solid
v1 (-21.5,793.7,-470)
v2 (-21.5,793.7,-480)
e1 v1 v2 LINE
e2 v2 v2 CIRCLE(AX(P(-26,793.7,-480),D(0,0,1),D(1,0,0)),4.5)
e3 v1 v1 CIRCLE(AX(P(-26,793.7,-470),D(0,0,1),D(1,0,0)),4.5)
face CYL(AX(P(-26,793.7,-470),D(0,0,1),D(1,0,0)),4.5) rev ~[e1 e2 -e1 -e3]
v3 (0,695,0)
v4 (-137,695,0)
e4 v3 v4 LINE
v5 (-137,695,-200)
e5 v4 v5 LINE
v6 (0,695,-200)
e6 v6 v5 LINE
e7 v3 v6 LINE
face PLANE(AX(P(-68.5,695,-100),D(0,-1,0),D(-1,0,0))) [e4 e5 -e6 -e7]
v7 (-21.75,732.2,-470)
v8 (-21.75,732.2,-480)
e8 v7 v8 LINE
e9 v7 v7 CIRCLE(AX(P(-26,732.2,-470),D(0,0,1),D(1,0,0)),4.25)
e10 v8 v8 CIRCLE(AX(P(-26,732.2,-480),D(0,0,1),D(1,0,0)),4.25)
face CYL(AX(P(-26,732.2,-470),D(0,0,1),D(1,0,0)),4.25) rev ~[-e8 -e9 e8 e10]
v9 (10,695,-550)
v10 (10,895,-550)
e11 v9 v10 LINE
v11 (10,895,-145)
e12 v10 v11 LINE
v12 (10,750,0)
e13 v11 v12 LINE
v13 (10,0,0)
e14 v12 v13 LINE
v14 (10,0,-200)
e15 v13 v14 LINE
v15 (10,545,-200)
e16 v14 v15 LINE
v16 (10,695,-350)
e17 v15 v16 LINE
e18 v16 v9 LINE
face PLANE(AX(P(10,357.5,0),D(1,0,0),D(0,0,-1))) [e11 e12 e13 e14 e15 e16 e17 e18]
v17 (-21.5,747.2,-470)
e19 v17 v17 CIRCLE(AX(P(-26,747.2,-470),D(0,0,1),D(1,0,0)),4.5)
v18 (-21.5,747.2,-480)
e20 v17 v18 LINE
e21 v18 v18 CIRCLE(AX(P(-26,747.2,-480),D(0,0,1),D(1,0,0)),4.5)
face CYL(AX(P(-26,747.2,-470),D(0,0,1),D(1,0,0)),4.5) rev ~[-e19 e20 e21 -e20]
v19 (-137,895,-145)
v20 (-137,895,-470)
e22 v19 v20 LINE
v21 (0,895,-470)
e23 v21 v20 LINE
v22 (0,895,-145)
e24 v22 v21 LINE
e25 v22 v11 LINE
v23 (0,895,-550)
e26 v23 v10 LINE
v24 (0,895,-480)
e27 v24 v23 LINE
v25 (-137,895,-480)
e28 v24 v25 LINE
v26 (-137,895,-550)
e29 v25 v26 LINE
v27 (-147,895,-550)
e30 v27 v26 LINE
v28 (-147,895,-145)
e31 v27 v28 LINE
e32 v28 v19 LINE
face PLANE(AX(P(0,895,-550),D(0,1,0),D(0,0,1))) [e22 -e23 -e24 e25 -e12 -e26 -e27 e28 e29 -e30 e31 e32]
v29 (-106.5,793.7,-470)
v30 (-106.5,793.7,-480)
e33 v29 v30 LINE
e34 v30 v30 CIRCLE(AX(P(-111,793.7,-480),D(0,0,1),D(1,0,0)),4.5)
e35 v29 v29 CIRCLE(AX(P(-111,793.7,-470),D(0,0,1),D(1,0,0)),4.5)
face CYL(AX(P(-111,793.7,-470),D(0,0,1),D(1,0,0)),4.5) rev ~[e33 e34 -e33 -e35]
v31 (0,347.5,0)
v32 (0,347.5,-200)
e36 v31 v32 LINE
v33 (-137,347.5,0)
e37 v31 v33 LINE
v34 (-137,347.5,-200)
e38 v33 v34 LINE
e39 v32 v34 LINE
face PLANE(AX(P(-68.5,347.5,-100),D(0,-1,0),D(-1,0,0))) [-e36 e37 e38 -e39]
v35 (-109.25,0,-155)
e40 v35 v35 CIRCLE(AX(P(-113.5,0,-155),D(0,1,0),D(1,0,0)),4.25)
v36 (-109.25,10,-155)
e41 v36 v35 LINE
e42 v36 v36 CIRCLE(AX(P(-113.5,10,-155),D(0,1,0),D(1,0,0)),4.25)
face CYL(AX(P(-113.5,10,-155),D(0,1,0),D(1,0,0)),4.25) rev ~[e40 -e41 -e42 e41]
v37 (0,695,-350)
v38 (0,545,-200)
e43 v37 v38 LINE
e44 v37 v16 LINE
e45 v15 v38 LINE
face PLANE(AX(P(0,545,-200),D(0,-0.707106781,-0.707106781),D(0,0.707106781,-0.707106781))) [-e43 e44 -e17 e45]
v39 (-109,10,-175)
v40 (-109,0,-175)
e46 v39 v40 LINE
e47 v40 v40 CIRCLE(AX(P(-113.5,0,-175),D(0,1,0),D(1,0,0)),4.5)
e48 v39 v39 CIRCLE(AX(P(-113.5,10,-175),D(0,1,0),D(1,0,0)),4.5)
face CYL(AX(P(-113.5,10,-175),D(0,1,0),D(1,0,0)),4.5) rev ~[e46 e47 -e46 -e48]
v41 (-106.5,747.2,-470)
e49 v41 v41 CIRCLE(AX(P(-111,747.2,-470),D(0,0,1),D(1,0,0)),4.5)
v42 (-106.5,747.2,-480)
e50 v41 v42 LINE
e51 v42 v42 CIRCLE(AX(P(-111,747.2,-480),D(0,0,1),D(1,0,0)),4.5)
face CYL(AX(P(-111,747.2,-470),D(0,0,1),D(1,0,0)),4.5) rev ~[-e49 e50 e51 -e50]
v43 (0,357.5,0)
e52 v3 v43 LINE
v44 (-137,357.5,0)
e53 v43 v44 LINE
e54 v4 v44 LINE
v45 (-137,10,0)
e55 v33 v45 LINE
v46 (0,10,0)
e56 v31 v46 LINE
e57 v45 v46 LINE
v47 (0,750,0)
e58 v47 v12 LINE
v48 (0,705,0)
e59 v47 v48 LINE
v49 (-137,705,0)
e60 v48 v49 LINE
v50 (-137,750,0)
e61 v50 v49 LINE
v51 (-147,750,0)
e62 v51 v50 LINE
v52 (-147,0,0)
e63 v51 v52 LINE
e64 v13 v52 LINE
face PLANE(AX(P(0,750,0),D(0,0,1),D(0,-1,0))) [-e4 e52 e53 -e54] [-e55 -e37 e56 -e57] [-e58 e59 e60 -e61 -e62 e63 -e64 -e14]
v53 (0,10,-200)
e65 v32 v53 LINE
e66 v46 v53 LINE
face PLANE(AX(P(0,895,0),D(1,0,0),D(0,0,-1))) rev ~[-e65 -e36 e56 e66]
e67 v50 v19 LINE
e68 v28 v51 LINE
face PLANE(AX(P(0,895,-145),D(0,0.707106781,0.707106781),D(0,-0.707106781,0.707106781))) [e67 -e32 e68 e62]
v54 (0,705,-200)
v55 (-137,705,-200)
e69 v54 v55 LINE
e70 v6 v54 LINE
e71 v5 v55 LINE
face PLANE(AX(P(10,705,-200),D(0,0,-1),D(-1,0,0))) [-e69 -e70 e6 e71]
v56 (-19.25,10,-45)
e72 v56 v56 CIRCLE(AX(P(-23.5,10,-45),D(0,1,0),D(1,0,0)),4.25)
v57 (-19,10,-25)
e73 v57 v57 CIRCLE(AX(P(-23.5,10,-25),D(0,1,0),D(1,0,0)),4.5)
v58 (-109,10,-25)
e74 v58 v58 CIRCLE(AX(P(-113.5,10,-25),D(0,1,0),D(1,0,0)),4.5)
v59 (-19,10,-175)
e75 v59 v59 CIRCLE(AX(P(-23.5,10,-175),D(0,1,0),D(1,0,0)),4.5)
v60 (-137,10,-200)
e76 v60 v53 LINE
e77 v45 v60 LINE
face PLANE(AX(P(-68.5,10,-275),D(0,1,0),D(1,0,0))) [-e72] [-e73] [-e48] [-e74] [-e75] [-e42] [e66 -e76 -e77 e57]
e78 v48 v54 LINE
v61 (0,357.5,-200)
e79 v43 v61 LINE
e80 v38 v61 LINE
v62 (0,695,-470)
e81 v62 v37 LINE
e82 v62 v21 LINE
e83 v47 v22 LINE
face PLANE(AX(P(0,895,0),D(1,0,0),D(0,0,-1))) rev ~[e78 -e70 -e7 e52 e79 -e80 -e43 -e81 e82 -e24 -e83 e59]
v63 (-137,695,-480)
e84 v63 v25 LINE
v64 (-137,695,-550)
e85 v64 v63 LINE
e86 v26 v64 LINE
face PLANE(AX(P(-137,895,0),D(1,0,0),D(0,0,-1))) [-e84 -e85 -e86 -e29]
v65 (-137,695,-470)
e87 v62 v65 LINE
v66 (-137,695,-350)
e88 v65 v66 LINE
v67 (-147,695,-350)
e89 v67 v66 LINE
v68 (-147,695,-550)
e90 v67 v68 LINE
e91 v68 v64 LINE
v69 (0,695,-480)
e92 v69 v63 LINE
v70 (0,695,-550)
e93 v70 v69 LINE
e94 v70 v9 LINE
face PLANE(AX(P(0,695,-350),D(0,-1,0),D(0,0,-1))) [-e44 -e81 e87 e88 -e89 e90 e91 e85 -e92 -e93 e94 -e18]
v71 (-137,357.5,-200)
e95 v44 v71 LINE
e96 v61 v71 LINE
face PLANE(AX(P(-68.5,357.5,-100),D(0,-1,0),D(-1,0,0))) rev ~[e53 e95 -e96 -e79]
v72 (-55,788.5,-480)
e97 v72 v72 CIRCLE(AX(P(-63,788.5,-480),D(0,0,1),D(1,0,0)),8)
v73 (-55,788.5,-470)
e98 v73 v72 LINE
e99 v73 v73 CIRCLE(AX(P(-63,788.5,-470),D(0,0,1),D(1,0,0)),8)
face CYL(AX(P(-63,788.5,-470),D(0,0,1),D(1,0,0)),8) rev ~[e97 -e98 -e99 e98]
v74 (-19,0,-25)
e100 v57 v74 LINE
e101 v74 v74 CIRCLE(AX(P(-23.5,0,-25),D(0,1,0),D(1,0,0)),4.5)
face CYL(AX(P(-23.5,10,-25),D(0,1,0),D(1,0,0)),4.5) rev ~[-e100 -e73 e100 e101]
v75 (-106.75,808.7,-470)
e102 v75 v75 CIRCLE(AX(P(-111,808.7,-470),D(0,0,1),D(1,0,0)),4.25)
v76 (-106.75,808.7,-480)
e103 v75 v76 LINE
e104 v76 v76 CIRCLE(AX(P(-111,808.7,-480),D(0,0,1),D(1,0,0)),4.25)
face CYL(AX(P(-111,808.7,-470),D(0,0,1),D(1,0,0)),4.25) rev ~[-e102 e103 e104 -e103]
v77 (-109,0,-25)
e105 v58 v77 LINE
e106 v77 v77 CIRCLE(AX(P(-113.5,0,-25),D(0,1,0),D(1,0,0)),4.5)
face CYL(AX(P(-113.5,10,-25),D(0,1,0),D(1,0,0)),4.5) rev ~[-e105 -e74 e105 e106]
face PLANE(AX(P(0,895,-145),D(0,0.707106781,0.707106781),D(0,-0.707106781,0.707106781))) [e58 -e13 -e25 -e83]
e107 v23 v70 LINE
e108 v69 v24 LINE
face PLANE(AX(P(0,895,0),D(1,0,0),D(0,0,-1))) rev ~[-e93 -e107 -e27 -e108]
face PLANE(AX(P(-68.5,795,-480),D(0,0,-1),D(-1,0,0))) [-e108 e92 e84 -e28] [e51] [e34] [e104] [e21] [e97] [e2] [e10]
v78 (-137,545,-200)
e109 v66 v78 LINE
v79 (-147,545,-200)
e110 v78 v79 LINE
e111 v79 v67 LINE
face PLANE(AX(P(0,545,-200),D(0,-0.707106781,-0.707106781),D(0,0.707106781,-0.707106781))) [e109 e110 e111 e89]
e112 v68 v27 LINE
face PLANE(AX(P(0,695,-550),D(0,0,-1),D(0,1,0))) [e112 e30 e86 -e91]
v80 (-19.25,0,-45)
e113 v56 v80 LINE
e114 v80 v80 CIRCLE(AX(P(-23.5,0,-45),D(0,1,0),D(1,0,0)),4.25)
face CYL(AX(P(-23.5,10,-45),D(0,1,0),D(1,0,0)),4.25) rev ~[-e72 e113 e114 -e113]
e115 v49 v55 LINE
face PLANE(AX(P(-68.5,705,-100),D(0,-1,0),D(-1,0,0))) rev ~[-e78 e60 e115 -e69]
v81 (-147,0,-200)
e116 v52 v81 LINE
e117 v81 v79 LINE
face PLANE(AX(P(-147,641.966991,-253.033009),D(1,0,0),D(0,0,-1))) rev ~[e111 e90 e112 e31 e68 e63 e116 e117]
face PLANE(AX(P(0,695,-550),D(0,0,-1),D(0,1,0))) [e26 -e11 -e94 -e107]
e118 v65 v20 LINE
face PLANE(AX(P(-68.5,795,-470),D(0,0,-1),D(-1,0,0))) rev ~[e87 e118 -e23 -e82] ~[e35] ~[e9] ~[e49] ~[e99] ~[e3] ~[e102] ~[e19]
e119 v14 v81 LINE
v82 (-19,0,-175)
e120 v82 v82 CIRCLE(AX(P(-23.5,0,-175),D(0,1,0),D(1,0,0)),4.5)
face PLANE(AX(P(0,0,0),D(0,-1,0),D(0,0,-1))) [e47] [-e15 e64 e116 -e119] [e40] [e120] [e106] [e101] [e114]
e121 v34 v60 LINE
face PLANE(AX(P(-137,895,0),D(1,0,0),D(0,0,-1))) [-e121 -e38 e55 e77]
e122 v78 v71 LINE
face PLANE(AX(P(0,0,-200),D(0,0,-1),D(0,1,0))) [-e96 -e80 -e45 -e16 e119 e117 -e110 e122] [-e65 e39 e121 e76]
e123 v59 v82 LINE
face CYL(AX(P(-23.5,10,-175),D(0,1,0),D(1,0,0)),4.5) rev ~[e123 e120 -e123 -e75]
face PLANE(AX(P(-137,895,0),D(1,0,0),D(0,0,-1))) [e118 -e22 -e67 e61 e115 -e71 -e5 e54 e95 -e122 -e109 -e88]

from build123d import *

# Parameters (mm, degrees)
BOSS_EXTRUDE1_DEPTH      = 10
BOSS_EXTRUDE1_DEPTH_BACK = 147
SKETCH3_W                = 137
SKETCH3_H                = 550
CUT_EXTRUDE1_DEPTH       = 885
SKETCH4_W                = 137
SKETCH4_H                = 200
BOSS_EXTRUDE2_DEPTH      = 10
CUT_EXTRUDE3_REACH       = 82
SKETCH6_R                = 4.5
SKETCH6_R_2              = 8
SKETCH6_R_3              = 4.25
SKETCH8_W                = 157
SKETCH8_H                = 200
BOSS_EXTRUDE3_DEPTH      = 10
LPATTERN1_COUNT          = 3
LPATTERN1_PITCH          = 347.5
CUT_EXTRUDE4_REACH       = 12
SKETCH7_R                = 4.5
SKETCH7_R_2              = 4.25


with BuildPart() as part:
    # Sketch1 → Boss-Extrude1 (new body, two sides)
    with BuildSketch(Plane(origin=(0, 0, 0), x_dir=(0, 0, -1), z_dir=(1, 0, 0))) as boss_extrude1_sk:
        Polygon((200, 695), (200, 545), (350, 695), align=None)
        Polygon((200, 0), (200, 695), (550, 695), (550, 895), (145, 895), (0, 750), (0, 0), align=None)
    extrude(amount=BOSS_EXTRUDE1_DEPTH)
    extrude(boss_extrude1_sk.sketch, amount=-BOSS_EXTRUDE1_DEPTH_BACK)

    # Sketch3 → Cut-Extrude1 (cut)
    with BuildSketch(Plane(origin=(0, 895, 0), x_dir=(1, 0, 0), z_dir=(0, 1, 0))):
        with Locations((-68.5, 275)):
            Rectangle(SKETCH3_W, SKETCH3_H)
    extrude(amount=-CUT_EXTRUDE1_DEPTH, mode=Mode.SUBTRACT)

    # Sketch4 → Boss-Extrude2 (add)
    with BuildSketch(Plane(origin=(0, 0, -480), x_dir=(-1, 0, 0), z_dir=(0, 0, -1))):
        with Locations((68.5, 795)):
            Rectangle(SKETCH4_W, SKETCH4_H)
    extrude(amount=-BOSS_EXTRUDE2_DEPTH)

    # Sketch6 → Cut-Extrude3 (cut, up to next)
    with BuildSketch(Plane.XY.offset(-470), mode=Mode.PRIVATE) as cut_extrude3_sk1:
        with Locations((-111, 747.2)):
            Circle(SKETCH6_R)
    cut_extrude3_tool1 = extrude(cut_extrude3_sk1.sketch, amount=-CUT_EXTRUDE3_REACH, mode=Mode.PRIVATE) & part.part
    add(cut_extrude3_tool1.solids().sort_by_distance((-111, 747.2, -470))[0], mode=Mode.SUBTRACT)
    # Sketch6 → Cut-Extrude3 (cut, up to next)
    with BuildSketch(Plane.XY.offset(-470), mode=Mode.PRIVATE) as cut_extrude3_sk2:
        with Locations((-26, 747.2)):
            Circle(SKETCH6_R)
    cut_extrude3_tool2 = extrude(cut_extrude3_sk2.sketch, amount=-CUT_EXTRUDE3_REACH, mode=Mode.PRIVATE) & part.part
    add(cut_extrude3_tool2.solids().sort_by_distance((-26, 747.2, -470))[0], mode=Mode.SUBTRACT)
    # Sketch6 → Cut-Extrude3 (cut, up to next)
    with BuildSketch(Plane.XY.offset(-470), mode=Mode.PRIVATE) as cut_extrude3_sk3:
        with Locations((-111, 793.7)):
            Circle(SKETCH6_R)
    cut_extrude3_tool3 = extrude(cut_extrude3_sk3.sketch, amount=-CUT_EXTRUDE3_REACH, mode=Mode.PRIVATE) & part.part
    add(cut_extrude3_tool3.solids().sort_by_distance((-111, 793.7, -470))[0], mode=Mode.SUBTRACT)
    # Sketch6 → Cut-Extrude3 (cut, up to next)
    with BuildSketch(Plane.XY.offset(-470), mode=Mode.PRIVATE) as cut_extrude3_sk4:
        with Locations((-26, 793.7)):
            Circle(SKETCH6_R)
    cut_extrude3_tool4 = extrude(cut_extrude3_sk4.sketch, amount=-CUT_EXTRUDE3_REACH, mode=Mode.PRIVATE) & part.part
    add(cut_extrude3_tool4.solids().sort_by_distance((-26, 793.7, -470))[0], mode=Mode.SUBTRACT)
    # Sketch6 → Cut-Extrude3 (cut, up to next)
    with BuildSketch(Plane.XY.offset(-470), mode=Mode.PRIVATE) as cut_extrude3_sk5:
        with Locations((-63, 788.5)):
            Circle(SKETCH6_R_2)
    cut_extrude3_tool5 = extrude(cut_extrude3_sk5.sketch, amount=-CUT_EXTRUDE3_REACH, mode=Mode.PRIVATE) & part.part
    add(cut_extrude3_tool5.solids().sort_by_distance((-63, 788.5, -470))[0], mode=Mode.SUBTRACT)
    # Sketch6 → Cut-Extrude3 (cut, up to next)
    with BuildSketch(Plane.XY.offset(-470), mode=Mode.PRIVATE) as cut_extrude3_sk6:
        with Locations((-111, 808.7)):
            Circle(SKETCH6_R_3)
    cut_extrude3_tool6 = extrude(cut_extrude3_sk6.sketch, amount=-CUT_EXTRUDE3_REACH, mode=Mode.PRIVATE) & part.part
    add(cut_extrude3_tool6.solids().sort_by_distance((-111, 808.7, -470))[0], mode=Mode.SUBTRACT)
    # Sketch6 → Cut-Extrude3 (cut, up to next)
    with BuildSketch(Plane.XY.offset(-470), mode=Mode.PRIVATE) as cut_extrude3_sk7:
        with Locations((-26, 732.2)):
            Circle(SKETCH6_R_3)
    cut_extrude3_tool7 = extrude(cut_extrude3_sk7.sketch, amount=-CUT_EXTRUDE3_REACH, mode=Mode.PRIVATE) & part.part
    add(cut_extrude3_tool7.solids().sort_by_distance((-26, 732.2, -470))[0], mode=Mode.SUBTRACT)

    # Sketch8 → Boss-Extrude3 (add)
    with BuildSketch(Plane(origin=(0, 705, 0), x_dir=(-1, 0, 0), z_dir=(0, -1, 0))):
        with Locations((68.5, 100)):
            Rectangle(SKETCH8_W, SKETCH8_H)
    boss_extrude3 = extrude(amount=BOSS_EXTRUDE3_DEPTH)

    # LPattern1: Boss-Extrude3 ×3
    with Locations(*[(0, -i * LPATTERN1_PITCH, 0) for i in range(1, LPATTERN1_COUNT)]):
        add(boss_extrude3)

    # Sketch7 → Cut-Extrude4 (cut, up to next)
    with BuildSketch(Plane(origin=(0, 10, 0), x_dir=(1, 0, 0), z_dir=(0, 1, 0)), mode=Mode.PRIVATE) as cut_extrude4_sk1:
        with Locations((-113.5, 175)):
            Circle(SKETCH7_R)
    cut_extrude4_tool1 = extrude(cut_extrude4_sk1.sketch, amount=-CUT_EXTRUDE4_REACH, mode=Mode.PRIVATE) & part.part
    add(cut_extrude4_tool1.solids().sort_by_distance((-113.5, 10, -175))[0], mode=Mode.SUBTRACT)
    # Sketch7 → Cut-Extrude4 (cut, up to next)
    with BuildSketch(Plane(origin=(0, 10, 0), x_dir=(1, 0, 0), z_dir=(0, 1, 0)), mode=Mode.PRIVATE) as cut_extrude4_sk2:
        with Locations((-23.5, 175)):
            Circle(SKETCH7_R)
    cut_extrude4_tool2 = extrude(cut_extrude4_sk2.sketch, amount=-CUT_EXTRUDE4_REACH, mode=Mode.PRIVATE) & part.part
    add(cut_extrude4_tool2.solids().sort_by_distance((-23.5, 10, -175))[0], mode=Mode.SUBTRACT)
    # Sketch7 → Cut-Extrude4 (cut, up to next)
    with BuildSketch(Plane(origin=(0, 10, 0), x_dir=(1, 0, 0), z_dir=(0, 1, 0)), mode=Mode.PRIVATE) as cut_extrude4_sk3:
        with Locations((-23.5, 25)):
            Circle(SKETCH7_R)
    cut_extrude4_tool3 = extrude(cut_extrude4_sk3.sketch, amount=-CUT_EXTRUDE4_REACH, mode=Mode.PRIVATE) & part.part
    add(cut_extrude4_tool3.solids().sort_by_distance((-23.5, 10, -25))[0], mode=Mode.SUBTRACT)
    # Sketch7 → Cut-Extrude4 (cut, up to next)
    with BuildSketch(Plane(origin=(0, 10, 0), x_dir=(1, 0, 0), z_dir=(0, 1, 0)), mode=Mode.PRIVATE) as cut_extrude4_sk4:
        with Locations((-113.5, 25)):
            Circle(SKETCH7_R)
    cut_extrude4_tool4 = extrude(cut_extrude4_sk4.sketch, amount=-CUT_EXTRUDE4_REACH, mode=Mode.PRIVATE) & part.part
    add(cut_extrude4_tool4.solids().sort_by_distance((-113.5, 10, -25))[0], mode=Mode.SUBTRACT)
    # Sketch7 → Cut-Extrude4 (cut, up to next)
    with BuildSketch(Plane(origin=(0, 10, 0), x_dir=(1, 0, 0), z_dir=(0, 1, 0)), mode=Mode.PRIVATE) as cut_extrude4_sk5:
        with Locations((-113.5, 155)):
            Circle(SKETCH7_R_2)
    cut_extrude4_tool5 = extrude(cut_extrude4_sk5.sketch, amount=-CUT_EXTRUDE4_REACH, mode=Mode.PRIVATE) & part.part
    add(cut_extrude4_tool5.solids().sort_by_distance((-113.5, 10, -155))[0], mode=Mode.SUBTRACT)
    # Sketch7 → Cut-Extrude4 (cut, up to next)
    with BuildSketch(Plane(origin=(0, 10, 0), x_dir=(1, 0, 0), z_dir=(0, 1, 0)), mode=Mode.PRIVATE) as cut_extrude4_sk6:
        with Locations((-23.5, 45)):
            Circle(SKETCH7_R_2)
    cut_extrude4_tool6 = extrude(cut_extrude4_sk6.sketch, amount=-CUT_EXTRUDE4_REACH, mode=Mode.PRIVATE) & part.part
    add(cut_extrude4_tool6.solids().sort_by_distance((-23.5, 10, -45))[0], mode=Mode.SUBTRACT)


solid = part.part
